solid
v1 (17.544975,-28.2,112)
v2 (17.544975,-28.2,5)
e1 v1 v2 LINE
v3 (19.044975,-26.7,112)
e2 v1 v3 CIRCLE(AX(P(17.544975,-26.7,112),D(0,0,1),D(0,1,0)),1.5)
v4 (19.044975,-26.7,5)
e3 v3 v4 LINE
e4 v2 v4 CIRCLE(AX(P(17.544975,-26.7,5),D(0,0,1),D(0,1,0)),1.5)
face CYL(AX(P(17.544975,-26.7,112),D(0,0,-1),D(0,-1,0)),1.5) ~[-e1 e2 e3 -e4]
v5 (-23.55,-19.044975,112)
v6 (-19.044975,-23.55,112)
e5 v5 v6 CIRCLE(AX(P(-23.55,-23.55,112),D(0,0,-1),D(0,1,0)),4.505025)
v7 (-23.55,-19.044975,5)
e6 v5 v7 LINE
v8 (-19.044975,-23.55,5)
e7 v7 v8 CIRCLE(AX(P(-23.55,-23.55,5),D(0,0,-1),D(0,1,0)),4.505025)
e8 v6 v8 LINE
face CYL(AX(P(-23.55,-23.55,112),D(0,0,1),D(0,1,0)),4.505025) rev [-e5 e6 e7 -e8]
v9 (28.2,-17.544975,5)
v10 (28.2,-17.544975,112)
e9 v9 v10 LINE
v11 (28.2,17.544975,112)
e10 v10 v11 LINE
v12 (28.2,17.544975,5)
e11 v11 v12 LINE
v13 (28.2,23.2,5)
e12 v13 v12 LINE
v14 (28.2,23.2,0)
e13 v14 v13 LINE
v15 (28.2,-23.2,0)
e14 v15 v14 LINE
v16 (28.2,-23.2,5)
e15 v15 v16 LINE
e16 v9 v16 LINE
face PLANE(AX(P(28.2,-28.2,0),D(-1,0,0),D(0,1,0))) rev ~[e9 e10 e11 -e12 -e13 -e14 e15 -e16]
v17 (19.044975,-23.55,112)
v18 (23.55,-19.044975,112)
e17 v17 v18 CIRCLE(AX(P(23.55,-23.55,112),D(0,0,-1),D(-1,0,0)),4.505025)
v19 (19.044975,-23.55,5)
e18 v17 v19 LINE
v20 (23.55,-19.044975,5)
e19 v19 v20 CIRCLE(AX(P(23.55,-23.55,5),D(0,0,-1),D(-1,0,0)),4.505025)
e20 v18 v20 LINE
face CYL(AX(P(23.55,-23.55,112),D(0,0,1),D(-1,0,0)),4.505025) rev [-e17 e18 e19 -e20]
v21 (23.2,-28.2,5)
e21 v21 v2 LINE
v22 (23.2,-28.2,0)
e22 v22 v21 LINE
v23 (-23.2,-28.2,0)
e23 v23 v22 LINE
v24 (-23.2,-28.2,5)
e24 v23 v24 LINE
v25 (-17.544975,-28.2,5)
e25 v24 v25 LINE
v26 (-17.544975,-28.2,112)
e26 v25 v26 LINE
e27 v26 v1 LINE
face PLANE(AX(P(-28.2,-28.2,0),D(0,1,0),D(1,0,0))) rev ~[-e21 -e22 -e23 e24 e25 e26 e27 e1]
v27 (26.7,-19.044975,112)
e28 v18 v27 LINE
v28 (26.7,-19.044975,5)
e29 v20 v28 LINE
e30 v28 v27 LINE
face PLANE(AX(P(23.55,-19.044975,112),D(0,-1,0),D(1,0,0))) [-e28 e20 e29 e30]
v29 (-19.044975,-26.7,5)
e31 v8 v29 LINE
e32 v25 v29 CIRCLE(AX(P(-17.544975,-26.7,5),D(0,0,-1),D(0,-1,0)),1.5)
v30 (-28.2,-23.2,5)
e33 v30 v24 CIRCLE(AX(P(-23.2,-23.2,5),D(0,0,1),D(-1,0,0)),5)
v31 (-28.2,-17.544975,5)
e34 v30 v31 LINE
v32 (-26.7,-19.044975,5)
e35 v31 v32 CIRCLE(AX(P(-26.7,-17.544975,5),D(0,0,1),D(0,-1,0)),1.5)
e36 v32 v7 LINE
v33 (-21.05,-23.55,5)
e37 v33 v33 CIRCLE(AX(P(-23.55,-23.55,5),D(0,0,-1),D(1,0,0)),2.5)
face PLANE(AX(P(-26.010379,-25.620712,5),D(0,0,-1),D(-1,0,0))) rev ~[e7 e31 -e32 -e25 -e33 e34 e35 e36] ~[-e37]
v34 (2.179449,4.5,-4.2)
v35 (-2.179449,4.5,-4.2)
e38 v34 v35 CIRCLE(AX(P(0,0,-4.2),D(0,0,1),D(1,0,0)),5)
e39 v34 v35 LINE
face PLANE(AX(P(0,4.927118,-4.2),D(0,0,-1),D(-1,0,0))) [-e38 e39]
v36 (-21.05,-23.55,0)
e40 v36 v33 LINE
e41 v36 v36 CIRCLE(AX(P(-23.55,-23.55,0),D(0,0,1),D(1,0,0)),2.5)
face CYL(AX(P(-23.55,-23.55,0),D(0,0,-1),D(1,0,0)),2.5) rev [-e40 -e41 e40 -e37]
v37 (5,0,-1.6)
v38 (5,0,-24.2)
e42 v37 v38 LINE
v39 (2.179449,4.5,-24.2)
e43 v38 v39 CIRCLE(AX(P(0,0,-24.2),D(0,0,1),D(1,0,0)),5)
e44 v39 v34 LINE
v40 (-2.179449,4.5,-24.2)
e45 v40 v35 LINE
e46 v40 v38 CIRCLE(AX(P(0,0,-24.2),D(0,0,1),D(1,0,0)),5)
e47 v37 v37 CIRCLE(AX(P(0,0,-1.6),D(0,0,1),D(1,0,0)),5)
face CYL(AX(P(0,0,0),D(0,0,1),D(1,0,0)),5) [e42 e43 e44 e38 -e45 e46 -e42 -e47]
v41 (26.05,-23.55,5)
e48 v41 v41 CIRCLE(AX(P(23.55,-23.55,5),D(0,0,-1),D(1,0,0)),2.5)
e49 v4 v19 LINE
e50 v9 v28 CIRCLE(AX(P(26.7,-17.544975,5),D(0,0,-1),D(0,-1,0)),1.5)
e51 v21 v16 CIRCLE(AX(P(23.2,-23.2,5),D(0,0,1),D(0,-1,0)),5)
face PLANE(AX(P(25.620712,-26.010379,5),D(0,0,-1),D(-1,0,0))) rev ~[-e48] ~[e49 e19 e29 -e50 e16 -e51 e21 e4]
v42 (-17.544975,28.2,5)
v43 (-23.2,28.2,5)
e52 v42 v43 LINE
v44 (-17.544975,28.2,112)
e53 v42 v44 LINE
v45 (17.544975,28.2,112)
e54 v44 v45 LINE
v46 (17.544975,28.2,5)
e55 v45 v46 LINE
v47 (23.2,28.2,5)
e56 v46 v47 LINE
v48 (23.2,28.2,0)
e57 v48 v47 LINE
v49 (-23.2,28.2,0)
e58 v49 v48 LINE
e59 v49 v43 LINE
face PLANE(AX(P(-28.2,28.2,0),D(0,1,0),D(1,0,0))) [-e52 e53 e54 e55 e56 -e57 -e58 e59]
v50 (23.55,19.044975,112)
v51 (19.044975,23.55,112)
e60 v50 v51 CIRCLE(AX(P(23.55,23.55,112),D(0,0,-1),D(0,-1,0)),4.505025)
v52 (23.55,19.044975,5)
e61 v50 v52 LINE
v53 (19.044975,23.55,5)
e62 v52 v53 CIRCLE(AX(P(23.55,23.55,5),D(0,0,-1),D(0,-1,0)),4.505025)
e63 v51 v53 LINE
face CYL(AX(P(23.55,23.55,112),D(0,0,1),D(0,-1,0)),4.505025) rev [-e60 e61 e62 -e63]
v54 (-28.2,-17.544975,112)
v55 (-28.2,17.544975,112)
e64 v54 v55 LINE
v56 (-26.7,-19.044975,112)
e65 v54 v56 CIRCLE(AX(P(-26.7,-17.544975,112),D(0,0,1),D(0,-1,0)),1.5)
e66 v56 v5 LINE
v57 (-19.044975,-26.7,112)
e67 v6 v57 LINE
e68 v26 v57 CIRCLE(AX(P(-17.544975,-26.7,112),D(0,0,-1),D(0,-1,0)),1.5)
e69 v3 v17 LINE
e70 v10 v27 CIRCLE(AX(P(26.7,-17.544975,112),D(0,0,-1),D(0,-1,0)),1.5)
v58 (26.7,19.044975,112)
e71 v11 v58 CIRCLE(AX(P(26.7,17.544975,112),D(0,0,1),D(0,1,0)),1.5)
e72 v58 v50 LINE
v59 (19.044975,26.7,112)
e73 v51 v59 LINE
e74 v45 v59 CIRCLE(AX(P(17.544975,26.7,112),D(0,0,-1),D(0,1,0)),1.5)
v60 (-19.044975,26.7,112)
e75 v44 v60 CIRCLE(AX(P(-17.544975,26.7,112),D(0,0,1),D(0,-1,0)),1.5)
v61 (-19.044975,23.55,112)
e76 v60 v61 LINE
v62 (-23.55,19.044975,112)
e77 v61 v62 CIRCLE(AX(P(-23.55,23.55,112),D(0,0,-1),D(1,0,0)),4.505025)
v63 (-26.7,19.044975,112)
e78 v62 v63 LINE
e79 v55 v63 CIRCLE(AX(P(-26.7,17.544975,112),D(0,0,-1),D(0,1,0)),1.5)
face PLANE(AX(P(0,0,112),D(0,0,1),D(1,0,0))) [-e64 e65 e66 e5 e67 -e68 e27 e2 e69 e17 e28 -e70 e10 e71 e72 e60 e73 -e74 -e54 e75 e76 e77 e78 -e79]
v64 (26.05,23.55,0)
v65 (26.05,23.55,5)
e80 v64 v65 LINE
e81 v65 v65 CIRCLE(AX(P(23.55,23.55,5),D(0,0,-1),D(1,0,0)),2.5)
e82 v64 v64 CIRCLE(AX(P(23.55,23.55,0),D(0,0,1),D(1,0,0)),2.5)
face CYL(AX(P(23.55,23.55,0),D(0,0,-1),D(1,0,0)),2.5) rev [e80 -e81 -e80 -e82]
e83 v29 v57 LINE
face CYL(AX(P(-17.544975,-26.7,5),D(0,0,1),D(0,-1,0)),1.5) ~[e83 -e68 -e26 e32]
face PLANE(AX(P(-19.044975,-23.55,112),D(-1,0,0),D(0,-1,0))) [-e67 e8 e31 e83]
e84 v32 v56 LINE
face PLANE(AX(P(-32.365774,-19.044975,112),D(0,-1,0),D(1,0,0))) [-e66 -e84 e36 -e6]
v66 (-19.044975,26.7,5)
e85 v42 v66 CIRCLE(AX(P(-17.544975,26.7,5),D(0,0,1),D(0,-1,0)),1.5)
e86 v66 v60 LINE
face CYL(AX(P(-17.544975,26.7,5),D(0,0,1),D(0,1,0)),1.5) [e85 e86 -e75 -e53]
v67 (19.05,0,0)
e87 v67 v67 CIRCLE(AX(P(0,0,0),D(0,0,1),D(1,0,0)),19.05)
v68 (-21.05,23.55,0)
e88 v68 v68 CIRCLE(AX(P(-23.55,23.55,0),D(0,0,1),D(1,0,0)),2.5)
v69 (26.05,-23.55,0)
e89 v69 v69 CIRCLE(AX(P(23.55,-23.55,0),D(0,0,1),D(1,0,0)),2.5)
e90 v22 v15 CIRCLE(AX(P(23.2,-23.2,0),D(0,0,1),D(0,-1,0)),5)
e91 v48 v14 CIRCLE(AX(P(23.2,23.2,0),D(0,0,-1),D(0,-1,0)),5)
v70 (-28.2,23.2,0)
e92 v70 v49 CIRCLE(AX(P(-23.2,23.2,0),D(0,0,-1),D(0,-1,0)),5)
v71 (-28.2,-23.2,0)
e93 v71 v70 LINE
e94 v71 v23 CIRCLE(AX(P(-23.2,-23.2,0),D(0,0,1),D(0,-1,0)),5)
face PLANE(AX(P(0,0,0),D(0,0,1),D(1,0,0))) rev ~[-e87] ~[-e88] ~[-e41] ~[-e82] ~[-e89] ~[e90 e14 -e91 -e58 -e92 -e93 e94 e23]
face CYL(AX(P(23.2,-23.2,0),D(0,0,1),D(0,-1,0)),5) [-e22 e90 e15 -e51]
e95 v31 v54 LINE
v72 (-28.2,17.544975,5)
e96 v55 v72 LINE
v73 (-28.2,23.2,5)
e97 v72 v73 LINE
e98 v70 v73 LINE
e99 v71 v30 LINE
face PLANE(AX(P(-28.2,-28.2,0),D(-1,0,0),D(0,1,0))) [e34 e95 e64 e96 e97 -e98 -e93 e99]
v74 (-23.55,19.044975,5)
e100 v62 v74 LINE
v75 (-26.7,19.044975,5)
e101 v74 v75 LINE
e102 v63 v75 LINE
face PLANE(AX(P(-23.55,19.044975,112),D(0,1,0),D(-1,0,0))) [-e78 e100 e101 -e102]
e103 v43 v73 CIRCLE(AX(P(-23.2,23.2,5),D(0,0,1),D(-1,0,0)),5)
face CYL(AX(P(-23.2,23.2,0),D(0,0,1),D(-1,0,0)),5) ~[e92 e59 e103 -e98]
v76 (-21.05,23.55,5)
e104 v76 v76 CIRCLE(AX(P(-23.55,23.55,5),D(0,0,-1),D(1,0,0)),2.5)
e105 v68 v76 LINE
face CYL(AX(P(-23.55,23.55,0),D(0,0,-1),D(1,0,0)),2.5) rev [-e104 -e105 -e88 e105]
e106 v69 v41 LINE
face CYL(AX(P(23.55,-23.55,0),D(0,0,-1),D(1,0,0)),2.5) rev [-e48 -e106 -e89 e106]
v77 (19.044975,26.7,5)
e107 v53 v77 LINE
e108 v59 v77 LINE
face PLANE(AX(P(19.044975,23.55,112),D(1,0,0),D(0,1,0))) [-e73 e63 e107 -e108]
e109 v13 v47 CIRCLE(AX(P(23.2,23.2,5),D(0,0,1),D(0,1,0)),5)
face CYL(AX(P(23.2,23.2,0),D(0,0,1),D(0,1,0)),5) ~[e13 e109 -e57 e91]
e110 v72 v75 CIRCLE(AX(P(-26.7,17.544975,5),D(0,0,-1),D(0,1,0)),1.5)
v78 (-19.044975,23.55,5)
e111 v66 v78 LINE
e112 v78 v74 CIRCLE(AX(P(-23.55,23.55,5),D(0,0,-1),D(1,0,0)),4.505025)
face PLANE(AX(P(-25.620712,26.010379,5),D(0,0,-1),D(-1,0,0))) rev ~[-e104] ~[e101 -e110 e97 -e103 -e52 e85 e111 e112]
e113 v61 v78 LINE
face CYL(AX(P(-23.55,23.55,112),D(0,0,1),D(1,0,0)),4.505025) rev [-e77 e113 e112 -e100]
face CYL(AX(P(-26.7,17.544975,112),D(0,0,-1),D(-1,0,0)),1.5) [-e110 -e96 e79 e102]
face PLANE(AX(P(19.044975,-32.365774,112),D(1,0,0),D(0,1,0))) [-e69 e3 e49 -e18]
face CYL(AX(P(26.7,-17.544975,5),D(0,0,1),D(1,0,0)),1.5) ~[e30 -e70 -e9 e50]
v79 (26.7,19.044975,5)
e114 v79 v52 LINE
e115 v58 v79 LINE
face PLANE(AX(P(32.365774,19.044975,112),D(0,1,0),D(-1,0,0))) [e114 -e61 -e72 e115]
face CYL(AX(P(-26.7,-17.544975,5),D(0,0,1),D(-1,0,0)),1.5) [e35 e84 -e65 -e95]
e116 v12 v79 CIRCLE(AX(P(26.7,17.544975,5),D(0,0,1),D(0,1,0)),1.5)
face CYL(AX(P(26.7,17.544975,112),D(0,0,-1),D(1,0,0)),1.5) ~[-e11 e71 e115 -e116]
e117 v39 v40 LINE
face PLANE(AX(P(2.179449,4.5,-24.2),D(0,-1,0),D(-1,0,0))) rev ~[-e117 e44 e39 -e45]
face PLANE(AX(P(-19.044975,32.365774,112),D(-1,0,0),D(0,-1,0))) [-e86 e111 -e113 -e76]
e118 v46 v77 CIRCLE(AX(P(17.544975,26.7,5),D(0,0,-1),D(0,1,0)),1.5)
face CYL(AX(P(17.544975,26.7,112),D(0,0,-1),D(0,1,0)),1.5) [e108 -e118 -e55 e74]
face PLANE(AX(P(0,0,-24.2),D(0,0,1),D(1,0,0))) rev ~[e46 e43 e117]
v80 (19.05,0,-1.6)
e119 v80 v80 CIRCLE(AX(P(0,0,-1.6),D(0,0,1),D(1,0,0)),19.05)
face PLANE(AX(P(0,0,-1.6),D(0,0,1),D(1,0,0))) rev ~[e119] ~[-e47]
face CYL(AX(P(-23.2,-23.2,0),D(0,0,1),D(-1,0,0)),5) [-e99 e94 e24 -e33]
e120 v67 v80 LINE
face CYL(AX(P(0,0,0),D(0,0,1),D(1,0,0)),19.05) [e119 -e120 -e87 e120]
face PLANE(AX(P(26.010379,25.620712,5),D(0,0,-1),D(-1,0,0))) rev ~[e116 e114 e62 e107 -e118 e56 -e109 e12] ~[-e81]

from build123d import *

# Parameters (mm, degrees)
SKETCH1_W           = 56.4
SKETCH1_H           = 56.4
SKETCH1_R           = 2.5
BOSS_EXTRUDE1_DEPTH = 112
SKETCH1_3_R         = 19.05
BOSS_EXTRUDE2_DEPTH = 1.6
FILLET1_R           = 5
CUT_EXTRUDE1_DEPTH  = 107
FILLET2_R           = 1.5
SKETCH1_4_R         = 5
BOSS_EXTRUDE3_DEPTH = 24.2
SKETCH3_W           = 4.358898944
SKETCH3_H           = 0.854235542
CUT_EXTRUDE2_DEPTH  = 20


with BuildPart() as part:
    # Sketch1 → Boss-Extrude1 (new body)
    with BuildSketch(Plane.XY):
        Rectangle(SKETCH1_W, SKETCH1_H)
        with Locations((-23.55, -23.55)):
            Circle(SKETCH1_R, mode=Mode.SUBTRACT)
        with Locations((23.55, -23.55)):
            Circle(SKETCH1_R, mode=Mode.SUBTRACT)
        with Locations((-23.55, 23.55)):
            Circle(SKETCH1_R, mode=Mode.SUBTRACT)
        with Locations((23.55, 23.55)):
            Circle(SKETCH1_R, mode=Mode.SUBTRACT)
    extrude(amount=BOSS_EXTRUDE1_DEPTH)

    # Sketch1<3> → Boss-Extrude2 (add)
    with BuildSketch(Plane.XY):
        Circle(SKETCH1_3_R)
    extrude(amount=-BOSS_EXTRUDE2_DEPTH)

    # Fillet1
    fillet1_edges = [part.edges().sort_by_distance(p)[0] for p in [
        (-28.2, 28.2, 56),
        (-28.2, -28.2, 56),
        (28.2, -28.2, 56),
        (28.2, 28.2, 56),
    ]]
    fillet(fillet1_edges, radius=FILLET1_R)

    # Sketch2 → Cut-Extrude1 (cut)
    with BuildSketch(Plane.XY.offset(112)):
        with BuildLine():
            Line((-23.55, 19.044974747), (-31.616752069, 19.044974747))
            Line((-31.616752069, 19.044974747), (-31.616752069, 32.365774456))
            Line((-31.616752069, 32.365774456), (-19.044974747, 32.365774456))
            Line((-19.044974747, 32.365774456), (-19.044974747, 23.55))
            ThreePointArc((-19.044974747, 23.55), (-20.364466094, 20.364466094), (-23.55, 19.044974747))
        make_face()
        with BuildLine():
            Line((19.044974747, 23.55), (19.044974747, 31.616752069))
            Line((19.044974747, 31.616752069), (32.365774456, 31.616752069))
            Line((32.365774456, 31.616752069), (32.365774456, 19.044974747))
            Line((32.365774456, 19.044974747), (23.55, 19.044974747))
            ThreePointArc((23.55, 19.044974747), (20.364466094, 20.364466094), (19.044974747, 23.55))
        make_face()
        with BuildLine():
            Line((23.55, -19.044974747), (31.616752069, -19.044974747))
            Line((31.616752069, -19.044974747), (31.616752069, -32.365774456))
            Line((31.616752069, -32.365774456), (19.044974747, -32.365774456))
            Line((19.044974747, -32.365774456), (19.044974747, -23.55))
            ThreePointArc((19.044974747, -23.55), (20.364466094, -20.364466094), (23.55, -19.044974747))
        make_face()
        with BuildLine():
            Line((-19.044974747, -23.55), (-19.044974747, -31.616752069))
            Line((-19.044974747, -31.616752069), (-32.365774456, -31.616752069))
            Line((-32.365774456, -31.616752069), (-32.365774456, -19.044974747))
            Line((-32.365774456, -19.044974747), (-23.55, -19.044974747))
            ThreePointArc((-23.55, -19.044974747), (-20.364466094, -20.364466094), (-19.044974747, -23.55))
        make_face()
    extrude(amount=-CUT_EXTRUDE1_DEPTH, mode=Mode.SUBTRACT)

    # Fillet2
    fillet2_edges = [part.edges().sort_by_distance(p)[0] for p in [
        (-28.2, -19.044974747, 58.5),
        (-19.044974747, -28.2, 58.5),
        (19.044974747, -28.2, 58.5),
        (28.2, -19.044974747, 58.5),
        (28.2, 19.044974747, 58.5),
        (19.044974747, 28.2, 58.5),
        (-19.044974747, 28.2, 58.5),
        (-28.2, 19.044974747, 58.5),
    ]]
    fillet(fillet2_edges, radius=FILLET2_R)

    # Sketch1<4> → Boss-Extrude3 (add)
    with BuildSketch(Plane.XY):
        Circle(SKETCH1_4_R)
    extrude(amount=-BOSS_EXTRUDE3_DEPTH)

    # Sketch3 → Cut-Extrude2 (cut)
    with BuildSketch(Plane(origin=(0, 0, -24.2), x_dir=(-1, 0, 0), z_dir=(0, 0, -1))):
        with Locations((0, 4.927117771)):
            Rectangle(SKETCH3_W, SKETCH3_H)
    extrude(amount=-CUT_EXTRUDE2_DEPTH, mode=Mode.SUBTRACT)


solid = part.part
